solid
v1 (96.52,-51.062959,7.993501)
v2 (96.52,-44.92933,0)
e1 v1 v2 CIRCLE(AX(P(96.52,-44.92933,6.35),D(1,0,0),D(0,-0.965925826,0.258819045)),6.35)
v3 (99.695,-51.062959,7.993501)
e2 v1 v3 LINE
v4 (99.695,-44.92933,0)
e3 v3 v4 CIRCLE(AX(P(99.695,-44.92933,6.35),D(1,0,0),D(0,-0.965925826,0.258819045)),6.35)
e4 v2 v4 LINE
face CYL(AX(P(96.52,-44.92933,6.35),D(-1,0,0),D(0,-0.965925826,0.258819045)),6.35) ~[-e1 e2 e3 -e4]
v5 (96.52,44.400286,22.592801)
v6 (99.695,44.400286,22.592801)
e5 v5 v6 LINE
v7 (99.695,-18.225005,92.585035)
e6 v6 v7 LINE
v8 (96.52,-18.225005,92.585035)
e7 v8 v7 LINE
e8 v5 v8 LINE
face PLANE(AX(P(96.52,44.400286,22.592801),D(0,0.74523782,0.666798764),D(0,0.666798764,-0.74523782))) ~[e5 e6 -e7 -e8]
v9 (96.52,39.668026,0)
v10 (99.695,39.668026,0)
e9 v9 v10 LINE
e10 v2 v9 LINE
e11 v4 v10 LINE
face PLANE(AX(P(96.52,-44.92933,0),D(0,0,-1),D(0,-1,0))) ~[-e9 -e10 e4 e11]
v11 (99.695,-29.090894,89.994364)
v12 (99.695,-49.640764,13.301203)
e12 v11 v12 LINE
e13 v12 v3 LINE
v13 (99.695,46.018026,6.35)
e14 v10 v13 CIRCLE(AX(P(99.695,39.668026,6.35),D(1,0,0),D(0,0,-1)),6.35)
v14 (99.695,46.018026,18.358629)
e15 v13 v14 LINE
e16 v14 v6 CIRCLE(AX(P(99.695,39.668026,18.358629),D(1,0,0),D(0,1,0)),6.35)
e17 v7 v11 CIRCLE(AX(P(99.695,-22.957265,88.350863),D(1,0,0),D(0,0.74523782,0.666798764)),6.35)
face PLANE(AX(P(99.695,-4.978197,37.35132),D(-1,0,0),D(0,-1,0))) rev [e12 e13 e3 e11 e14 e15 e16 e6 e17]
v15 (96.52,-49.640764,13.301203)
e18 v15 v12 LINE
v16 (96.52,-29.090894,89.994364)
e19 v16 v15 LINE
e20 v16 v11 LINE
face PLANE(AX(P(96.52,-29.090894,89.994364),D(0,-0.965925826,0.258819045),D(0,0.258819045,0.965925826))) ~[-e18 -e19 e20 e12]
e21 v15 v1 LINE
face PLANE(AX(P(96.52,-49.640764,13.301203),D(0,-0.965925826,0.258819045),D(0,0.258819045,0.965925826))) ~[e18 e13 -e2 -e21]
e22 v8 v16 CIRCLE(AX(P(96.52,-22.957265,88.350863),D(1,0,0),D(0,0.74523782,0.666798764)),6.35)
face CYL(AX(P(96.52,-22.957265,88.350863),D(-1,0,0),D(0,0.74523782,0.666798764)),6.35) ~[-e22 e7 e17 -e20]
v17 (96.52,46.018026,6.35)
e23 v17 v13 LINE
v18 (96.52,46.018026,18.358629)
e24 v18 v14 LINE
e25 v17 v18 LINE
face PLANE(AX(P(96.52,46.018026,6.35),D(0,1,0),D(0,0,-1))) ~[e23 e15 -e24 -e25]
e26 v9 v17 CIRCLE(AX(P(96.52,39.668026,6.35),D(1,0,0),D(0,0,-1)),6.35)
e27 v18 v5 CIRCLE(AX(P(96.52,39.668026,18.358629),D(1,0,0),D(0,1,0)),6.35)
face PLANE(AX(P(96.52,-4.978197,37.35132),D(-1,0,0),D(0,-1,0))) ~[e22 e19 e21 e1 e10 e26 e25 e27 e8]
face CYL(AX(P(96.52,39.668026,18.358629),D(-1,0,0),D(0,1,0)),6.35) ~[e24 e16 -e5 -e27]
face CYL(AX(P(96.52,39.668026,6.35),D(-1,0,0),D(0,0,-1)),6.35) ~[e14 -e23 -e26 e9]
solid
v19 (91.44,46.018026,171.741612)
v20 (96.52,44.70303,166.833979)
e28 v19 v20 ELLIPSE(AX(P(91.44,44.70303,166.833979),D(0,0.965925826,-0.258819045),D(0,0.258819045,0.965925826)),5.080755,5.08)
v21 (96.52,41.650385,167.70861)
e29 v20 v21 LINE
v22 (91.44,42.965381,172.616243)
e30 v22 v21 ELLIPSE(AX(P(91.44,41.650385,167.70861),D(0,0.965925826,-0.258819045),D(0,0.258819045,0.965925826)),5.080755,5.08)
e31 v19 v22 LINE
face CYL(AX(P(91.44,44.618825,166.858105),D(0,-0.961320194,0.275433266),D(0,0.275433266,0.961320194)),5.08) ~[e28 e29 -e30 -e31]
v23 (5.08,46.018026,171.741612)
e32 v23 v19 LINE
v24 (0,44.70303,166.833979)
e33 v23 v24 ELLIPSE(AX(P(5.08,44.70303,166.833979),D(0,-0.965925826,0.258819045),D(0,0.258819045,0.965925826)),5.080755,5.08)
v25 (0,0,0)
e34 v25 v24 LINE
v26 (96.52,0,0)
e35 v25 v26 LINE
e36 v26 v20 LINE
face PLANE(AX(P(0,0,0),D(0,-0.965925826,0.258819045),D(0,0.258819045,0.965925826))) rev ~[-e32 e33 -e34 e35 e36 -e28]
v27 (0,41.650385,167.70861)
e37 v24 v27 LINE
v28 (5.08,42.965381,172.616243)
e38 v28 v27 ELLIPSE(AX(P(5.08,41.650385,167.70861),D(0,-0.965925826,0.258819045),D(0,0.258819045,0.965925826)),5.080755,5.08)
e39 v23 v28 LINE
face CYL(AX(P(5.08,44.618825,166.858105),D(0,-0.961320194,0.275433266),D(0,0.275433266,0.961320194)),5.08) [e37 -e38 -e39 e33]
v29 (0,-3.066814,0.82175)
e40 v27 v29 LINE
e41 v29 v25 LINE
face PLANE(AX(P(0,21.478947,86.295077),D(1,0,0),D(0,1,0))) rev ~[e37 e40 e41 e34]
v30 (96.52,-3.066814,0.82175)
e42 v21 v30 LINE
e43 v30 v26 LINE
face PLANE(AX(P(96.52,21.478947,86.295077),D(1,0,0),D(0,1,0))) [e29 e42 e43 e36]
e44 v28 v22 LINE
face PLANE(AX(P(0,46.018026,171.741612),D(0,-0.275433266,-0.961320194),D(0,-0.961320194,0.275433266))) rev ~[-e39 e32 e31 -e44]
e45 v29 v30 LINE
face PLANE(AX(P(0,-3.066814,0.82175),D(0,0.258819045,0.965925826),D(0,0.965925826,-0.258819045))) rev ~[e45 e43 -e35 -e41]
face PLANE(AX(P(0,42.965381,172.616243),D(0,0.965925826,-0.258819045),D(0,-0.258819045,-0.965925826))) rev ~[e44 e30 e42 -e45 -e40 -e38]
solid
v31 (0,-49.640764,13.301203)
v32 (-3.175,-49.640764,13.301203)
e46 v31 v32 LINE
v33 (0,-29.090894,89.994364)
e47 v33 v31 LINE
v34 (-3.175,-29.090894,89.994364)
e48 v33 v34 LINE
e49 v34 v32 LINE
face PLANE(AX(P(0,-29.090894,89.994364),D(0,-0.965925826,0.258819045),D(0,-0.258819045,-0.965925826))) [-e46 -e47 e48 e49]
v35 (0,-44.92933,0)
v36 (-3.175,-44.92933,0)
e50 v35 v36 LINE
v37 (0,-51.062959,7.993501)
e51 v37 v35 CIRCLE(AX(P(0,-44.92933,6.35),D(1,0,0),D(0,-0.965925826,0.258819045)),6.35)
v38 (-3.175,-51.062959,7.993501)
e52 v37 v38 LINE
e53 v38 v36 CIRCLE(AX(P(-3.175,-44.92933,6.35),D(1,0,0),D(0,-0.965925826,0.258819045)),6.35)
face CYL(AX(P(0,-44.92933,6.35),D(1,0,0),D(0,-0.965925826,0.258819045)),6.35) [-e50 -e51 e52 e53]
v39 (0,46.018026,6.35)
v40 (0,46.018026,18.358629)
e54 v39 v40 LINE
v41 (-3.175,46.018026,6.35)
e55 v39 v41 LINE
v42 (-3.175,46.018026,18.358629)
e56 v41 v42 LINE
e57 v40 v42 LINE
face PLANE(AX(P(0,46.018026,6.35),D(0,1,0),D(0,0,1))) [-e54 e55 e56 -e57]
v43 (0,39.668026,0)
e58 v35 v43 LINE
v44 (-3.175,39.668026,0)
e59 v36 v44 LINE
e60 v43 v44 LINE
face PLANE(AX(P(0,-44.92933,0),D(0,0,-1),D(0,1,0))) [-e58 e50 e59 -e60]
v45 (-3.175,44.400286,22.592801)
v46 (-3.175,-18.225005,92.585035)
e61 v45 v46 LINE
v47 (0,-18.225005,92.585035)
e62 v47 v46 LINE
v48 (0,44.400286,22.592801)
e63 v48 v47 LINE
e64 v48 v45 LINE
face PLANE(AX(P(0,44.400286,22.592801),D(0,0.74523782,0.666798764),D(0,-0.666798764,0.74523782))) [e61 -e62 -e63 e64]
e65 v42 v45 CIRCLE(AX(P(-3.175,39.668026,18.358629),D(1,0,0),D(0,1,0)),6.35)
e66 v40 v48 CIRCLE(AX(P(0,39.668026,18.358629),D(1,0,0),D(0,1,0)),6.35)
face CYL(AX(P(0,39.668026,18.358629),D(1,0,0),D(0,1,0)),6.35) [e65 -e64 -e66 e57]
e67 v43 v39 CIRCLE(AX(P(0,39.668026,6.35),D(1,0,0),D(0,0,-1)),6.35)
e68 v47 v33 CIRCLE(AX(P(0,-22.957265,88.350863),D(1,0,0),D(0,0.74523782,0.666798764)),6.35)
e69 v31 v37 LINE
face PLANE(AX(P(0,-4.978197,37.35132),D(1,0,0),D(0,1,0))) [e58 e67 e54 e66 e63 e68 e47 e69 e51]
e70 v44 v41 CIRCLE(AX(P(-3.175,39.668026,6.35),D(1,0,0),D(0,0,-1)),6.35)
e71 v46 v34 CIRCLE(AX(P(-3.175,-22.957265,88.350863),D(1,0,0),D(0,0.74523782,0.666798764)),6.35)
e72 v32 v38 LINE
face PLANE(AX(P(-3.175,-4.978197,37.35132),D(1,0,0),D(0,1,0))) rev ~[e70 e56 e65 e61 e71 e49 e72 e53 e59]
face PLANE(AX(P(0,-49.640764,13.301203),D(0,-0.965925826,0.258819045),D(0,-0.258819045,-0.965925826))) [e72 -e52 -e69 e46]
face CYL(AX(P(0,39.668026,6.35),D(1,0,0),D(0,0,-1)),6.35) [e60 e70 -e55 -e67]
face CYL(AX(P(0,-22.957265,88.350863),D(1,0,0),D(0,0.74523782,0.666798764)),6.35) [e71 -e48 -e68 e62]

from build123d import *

# Parameters (mm, degrees)
F1_DEPTH = 96.52
F3_DEPTH = 3.175
F9_R     = 5.08


with BuildPart() as f1:
    # F0 (on Right) → F1 (new body)
    with BuildSketch(Plane.YZ):
        Polygon((-3.0668144985, 0.8217504682), (0, 0), (46.0180262192, 171.7416119142), (42.9653809118, 172.6162425231), align=None)
    extrude(amount=F1_DEPTH)

    # F9
    f9_edges = [f1.edges().sort_by_distance(p)[0] for p in [
        (0, 44.491704, 172.178927),
        (96.52, 44.491704, 172.178927),
    ]]
    fillet(f9_edges, radius=F9_R)


with BuildPart() as f3:
    # F2 (on Right) → F3 (new body)
    with BuildSketch(Plane.YZ):
        with BuildLine():
            Line((-49.6407644802, 13.3012027541), (0, 0))
            Line((0, 0), (39.6680262192, 0))
            ThreePointArc((39.6680262192, 0), (44.1581542798, 1.8598719395), (46.0180262192, 6.35))
            Line((46.0180262192, 6.35), (46.0180262192, 18.3586289937))
            ThreePointArc((46.0180262192, 18.3586289937), (45.5998198767, 20.6249749524), (44.4002863752, 22.5928011461))
            Line((44.4002863752, 22.5928011461), (-18.22500464, 92.5850354641))
            ThreePointArc((-18.22500464, 92.5850354641), (-24.4299674117, 94.5277271605), (-29.0908937929, 89.9943642482))
            Line((-29.0908937929, 89.9943642482), (-49.6407644802, 13.3012027541))
        make_face()
        with BuildLine():
            Line((-44.929329899, 0), (0, 0))
            Line((0, 0), (-49.6407644802, 13.3012027541))
            Line((-49.6407644802, 13.3012027541), (-51.062958896, 7.9935009364))
            ThreePointArc((-51.062958896, 7.9935009364), (-49.9671236099, 2.4843649258), (-44.929329899, 0))
        make_face()
    extrude(amount=-F3_DEPTH)


with BuildPart() as f8_1:
    # F8: instance of F3
    add(f3.part.mirror(Plane(origin=(48.26, 42.9653809118, 172.6162425231), x_dir=(0, -0.2588190451, -0.9659258263), z_dir=(-1, 0, 0))))


solid = Compound([f1.part, f3.part, f8_1.part])
